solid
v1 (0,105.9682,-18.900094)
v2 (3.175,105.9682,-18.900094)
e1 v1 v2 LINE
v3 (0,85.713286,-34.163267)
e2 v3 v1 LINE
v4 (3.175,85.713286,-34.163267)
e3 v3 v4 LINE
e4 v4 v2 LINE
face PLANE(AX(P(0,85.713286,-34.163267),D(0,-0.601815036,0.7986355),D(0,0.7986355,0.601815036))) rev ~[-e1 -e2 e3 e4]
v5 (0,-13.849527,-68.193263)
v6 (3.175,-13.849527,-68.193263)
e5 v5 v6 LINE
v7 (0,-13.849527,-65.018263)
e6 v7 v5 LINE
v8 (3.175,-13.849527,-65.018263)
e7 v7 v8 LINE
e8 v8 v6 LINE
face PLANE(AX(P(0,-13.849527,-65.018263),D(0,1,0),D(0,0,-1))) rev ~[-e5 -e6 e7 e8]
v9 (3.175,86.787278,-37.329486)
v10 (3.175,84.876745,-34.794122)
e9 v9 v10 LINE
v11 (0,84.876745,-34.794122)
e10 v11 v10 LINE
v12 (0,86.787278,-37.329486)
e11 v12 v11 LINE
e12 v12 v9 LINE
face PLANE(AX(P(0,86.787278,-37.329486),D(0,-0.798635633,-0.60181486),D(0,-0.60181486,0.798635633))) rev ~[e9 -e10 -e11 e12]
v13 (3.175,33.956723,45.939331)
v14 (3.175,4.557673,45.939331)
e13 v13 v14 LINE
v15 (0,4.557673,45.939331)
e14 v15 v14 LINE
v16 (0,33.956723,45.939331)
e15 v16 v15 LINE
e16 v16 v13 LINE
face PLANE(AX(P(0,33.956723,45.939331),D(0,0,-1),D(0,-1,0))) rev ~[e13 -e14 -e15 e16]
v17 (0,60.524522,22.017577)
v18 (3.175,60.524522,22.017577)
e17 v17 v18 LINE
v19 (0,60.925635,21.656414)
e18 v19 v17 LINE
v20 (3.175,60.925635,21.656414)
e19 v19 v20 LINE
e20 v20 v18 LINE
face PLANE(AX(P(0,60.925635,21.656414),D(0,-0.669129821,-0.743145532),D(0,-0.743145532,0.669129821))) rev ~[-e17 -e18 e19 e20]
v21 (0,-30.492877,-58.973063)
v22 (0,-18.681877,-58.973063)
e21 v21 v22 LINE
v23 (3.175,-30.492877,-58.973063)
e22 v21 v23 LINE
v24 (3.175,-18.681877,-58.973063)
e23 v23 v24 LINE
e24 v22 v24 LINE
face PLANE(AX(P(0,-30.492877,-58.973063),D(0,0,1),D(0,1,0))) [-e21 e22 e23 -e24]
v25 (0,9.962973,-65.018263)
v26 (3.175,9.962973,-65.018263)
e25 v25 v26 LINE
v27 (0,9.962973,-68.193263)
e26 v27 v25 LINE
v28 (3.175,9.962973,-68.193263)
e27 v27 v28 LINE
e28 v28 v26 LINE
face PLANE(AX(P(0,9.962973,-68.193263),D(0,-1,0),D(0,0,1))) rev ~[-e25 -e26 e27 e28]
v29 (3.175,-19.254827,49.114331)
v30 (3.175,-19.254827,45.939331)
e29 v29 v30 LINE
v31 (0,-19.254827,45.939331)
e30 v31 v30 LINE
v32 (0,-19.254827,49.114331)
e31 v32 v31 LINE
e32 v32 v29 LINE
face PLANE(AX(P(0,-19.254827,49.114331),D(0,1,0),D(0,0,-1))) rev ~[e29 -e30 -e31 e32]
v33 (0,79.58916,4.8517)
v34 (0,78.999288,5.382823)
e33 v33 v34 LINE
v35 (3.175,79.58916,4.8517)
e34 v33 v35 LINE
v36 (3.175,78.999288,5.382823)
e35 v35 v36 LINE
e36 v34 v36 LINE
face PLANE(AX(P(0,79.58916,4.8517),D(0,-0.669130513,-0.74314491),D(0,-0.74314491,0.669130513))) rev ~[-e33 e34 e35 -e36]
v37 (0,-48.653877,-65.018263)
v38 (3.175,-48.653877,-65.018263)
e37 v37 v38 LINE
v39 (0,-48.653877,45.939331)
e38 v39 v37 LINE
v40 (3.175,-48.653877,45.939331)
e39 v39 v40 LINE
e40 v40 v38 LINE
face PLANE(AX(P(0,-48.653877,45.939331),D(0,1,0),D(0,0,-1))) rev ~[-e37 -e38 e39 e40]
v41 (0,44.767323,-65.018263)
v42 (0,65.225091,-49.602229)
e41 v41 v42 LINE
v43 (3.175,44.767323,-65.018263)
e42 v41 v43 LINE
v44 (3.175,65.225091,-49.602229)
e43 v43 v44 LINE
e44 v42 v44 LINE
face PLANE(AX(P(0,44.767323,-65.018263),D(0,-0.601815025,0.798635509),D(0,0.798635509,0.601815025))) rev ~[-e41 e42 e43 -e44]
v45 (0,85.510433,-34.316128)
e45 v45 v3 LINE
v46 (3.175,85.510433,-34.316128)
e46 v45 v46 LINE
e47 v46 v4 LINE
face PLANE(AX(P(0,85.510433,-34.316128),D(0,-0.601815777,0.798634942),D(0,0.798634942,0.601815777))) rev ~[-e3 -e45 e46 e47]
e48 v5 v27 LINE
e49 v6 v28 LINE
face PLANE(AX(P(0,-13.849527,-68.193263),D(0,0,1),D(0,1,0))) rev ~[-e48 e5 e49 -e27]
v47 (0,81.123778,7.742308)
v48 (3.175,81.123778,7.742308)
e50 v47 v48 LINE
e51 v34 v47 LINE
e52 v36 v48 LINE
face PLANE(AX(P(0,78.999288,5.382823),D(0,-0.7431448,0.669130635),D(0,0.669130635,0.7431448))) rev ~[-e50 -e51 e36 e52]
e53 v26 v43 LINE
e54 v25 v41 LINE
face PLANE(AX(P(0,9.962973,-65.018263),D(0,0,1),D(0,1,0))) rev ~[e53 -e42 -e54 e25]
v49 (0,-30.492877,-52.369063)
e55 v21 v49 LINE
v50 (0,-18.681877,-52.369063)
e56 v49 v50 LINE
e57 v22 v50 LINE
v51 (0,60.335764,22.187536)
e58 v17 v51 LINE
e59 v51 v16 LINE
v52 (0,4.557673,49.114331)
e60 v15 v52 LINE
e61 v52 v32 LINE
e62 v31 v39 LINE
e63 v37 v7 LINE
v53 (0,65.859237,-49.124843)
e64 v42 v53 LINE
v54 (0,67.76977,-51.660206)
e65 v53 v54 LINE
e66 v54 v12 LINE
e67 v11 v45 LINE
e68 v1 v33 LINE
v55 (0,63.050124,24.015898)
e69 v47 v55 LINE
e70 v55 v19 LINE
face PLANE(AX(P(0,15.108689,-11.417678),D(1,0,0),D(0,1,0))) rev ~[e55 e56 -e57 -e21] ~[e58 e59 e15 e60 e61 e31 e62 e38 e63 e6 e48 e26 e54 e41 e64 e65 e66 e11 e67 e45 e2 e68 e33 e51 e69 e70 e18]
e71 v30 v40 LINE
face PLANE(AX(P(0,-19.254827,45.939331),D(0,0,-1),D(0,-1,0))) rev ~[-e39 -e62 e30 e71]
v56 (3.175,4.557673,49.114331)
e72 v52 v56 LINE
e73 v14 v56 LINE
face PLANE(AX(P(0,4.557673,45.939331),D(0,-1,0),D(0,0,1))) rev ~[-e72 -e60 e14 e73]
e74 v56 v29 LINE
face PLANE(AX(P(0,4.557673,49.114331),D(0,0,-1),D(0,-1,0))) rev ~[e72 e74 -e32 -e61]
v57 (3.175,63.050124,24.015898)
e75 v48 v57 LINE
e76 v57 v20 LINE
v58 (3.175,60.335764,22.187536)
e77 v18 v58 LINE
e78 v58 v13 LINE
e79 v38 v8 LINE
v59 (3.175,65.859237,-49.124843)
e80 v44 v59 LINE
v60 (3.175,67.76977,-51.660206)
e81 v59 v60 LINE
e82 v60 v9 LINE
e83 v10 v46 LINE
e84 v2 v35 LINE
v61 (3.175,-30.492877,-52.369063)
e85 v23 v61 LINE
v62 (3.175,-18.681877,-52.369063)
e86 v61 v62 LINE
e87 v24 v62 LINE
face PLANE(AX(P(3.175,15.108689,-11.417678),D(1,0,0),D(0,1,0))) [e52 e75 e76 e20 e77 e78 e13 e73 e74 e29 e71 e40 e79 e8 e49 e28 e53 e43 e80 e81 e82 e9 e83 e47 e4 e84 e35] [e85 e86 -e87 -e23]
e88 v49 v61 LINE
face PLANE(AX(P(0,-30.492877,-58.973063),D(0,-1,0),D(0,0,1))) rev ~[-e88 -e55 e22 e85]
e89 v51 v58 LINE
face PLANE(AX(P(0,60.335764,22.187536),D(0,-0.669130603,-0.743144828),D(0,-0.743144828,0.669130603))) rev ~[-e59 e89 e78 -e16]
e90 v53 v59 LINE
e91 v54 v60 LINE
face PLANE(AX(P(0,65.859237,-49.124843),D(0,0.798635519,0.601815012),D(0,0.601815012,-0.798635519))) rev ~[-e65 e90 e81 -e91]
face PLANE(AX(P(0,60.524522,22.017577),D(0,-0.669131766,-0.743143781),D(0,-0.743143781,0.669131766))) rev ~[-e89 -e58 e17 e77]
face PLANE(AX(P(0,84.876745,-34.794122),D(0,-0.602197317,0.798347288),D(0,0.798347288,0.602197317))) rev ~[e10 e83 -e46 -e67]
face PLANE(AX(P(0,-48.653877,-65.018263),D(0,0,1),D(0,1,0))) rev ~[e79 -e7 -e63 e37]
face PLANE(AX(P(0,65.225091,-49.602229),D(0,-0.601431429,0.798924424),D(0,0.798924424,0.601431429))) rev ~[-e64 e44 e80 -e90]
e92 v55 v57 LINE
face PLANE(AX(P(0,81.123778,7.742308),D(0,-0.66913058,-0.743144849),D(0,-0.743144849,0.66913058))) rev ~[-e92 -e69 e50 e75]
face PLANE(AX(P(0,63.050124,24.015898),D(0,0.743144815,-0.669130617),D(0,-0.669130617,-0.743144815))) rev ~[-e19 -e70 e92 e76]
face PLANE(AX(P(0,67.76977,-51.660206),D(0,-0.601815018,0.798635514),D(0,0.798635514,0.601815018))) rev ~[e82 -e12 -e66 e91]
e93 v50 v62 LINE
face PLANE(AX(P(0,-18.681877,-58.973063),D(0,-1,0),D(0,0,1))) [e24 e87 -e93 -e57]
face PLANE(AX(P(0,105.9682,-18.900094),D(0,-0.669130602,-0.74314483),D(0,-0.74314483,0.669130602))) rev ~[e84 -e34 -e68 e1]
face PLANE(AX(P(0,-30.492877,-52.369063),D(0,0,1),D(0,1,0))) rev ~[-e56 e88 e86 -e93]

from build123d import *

# Parameters (mm, degrees)
F0_W     = 11.811
F0_H     = 6.604
F1_DEPTH = 3.175


with BuildPart() as f1:
    # F0 (on Right) → F1 (new body)
    with BuildSketch(Plane.YZ):
        Polygon((60.335764, 22.187536), (33.956723, 45.939331), (5.605423, 45.939331), (5.351423, 45.939331), (4.557673, 45.939331), (4.557673, 49.114331), (-7.348577, 49.114331), (-19.254827, 49.114331), (-19.254827, 45.939331), (-20.048577, 45.939331), (-48.653877, 45.939331), (-48.653877, 3.160534), (-48.653877, -22.239466), (-48.653877, -65.018263), (-14.643277, -65.018263), (-13.849527, -65.018263), (-13.849527, -68.193263), (-1.943277, -68.193263), (9.962973, -68.193263), (9.962973, -65.018263), (10.756723, -65.018263), (11.010723, -65.018263), (44.767323, -65.018263), (65.225091, -49.602229), (65.859237, -49.124843), (67.76977, -51.660206), (77.278524, -44.494846), (86.787278, -37.329486), (84.876745, -34.794122), (85.510433, -34.316128), (85.713286, -34.163267), (105.9682, -18.900094), (79.58916, 4.8517), (78.999288, 5.382823), (81.123778, 7.742308), (72.086951, 15.879103), (63.050124, 24.015898), (60.925635, 21.656414), (60.524522, 22.017577), align=None)
        with Locations((-24.587377, -55.671063)):
            Rectangle(F0_W, F0_H, mode=Mode.SUBTRACT)
    extrude(amount=F1_DEPTH)


solid = f1.part
